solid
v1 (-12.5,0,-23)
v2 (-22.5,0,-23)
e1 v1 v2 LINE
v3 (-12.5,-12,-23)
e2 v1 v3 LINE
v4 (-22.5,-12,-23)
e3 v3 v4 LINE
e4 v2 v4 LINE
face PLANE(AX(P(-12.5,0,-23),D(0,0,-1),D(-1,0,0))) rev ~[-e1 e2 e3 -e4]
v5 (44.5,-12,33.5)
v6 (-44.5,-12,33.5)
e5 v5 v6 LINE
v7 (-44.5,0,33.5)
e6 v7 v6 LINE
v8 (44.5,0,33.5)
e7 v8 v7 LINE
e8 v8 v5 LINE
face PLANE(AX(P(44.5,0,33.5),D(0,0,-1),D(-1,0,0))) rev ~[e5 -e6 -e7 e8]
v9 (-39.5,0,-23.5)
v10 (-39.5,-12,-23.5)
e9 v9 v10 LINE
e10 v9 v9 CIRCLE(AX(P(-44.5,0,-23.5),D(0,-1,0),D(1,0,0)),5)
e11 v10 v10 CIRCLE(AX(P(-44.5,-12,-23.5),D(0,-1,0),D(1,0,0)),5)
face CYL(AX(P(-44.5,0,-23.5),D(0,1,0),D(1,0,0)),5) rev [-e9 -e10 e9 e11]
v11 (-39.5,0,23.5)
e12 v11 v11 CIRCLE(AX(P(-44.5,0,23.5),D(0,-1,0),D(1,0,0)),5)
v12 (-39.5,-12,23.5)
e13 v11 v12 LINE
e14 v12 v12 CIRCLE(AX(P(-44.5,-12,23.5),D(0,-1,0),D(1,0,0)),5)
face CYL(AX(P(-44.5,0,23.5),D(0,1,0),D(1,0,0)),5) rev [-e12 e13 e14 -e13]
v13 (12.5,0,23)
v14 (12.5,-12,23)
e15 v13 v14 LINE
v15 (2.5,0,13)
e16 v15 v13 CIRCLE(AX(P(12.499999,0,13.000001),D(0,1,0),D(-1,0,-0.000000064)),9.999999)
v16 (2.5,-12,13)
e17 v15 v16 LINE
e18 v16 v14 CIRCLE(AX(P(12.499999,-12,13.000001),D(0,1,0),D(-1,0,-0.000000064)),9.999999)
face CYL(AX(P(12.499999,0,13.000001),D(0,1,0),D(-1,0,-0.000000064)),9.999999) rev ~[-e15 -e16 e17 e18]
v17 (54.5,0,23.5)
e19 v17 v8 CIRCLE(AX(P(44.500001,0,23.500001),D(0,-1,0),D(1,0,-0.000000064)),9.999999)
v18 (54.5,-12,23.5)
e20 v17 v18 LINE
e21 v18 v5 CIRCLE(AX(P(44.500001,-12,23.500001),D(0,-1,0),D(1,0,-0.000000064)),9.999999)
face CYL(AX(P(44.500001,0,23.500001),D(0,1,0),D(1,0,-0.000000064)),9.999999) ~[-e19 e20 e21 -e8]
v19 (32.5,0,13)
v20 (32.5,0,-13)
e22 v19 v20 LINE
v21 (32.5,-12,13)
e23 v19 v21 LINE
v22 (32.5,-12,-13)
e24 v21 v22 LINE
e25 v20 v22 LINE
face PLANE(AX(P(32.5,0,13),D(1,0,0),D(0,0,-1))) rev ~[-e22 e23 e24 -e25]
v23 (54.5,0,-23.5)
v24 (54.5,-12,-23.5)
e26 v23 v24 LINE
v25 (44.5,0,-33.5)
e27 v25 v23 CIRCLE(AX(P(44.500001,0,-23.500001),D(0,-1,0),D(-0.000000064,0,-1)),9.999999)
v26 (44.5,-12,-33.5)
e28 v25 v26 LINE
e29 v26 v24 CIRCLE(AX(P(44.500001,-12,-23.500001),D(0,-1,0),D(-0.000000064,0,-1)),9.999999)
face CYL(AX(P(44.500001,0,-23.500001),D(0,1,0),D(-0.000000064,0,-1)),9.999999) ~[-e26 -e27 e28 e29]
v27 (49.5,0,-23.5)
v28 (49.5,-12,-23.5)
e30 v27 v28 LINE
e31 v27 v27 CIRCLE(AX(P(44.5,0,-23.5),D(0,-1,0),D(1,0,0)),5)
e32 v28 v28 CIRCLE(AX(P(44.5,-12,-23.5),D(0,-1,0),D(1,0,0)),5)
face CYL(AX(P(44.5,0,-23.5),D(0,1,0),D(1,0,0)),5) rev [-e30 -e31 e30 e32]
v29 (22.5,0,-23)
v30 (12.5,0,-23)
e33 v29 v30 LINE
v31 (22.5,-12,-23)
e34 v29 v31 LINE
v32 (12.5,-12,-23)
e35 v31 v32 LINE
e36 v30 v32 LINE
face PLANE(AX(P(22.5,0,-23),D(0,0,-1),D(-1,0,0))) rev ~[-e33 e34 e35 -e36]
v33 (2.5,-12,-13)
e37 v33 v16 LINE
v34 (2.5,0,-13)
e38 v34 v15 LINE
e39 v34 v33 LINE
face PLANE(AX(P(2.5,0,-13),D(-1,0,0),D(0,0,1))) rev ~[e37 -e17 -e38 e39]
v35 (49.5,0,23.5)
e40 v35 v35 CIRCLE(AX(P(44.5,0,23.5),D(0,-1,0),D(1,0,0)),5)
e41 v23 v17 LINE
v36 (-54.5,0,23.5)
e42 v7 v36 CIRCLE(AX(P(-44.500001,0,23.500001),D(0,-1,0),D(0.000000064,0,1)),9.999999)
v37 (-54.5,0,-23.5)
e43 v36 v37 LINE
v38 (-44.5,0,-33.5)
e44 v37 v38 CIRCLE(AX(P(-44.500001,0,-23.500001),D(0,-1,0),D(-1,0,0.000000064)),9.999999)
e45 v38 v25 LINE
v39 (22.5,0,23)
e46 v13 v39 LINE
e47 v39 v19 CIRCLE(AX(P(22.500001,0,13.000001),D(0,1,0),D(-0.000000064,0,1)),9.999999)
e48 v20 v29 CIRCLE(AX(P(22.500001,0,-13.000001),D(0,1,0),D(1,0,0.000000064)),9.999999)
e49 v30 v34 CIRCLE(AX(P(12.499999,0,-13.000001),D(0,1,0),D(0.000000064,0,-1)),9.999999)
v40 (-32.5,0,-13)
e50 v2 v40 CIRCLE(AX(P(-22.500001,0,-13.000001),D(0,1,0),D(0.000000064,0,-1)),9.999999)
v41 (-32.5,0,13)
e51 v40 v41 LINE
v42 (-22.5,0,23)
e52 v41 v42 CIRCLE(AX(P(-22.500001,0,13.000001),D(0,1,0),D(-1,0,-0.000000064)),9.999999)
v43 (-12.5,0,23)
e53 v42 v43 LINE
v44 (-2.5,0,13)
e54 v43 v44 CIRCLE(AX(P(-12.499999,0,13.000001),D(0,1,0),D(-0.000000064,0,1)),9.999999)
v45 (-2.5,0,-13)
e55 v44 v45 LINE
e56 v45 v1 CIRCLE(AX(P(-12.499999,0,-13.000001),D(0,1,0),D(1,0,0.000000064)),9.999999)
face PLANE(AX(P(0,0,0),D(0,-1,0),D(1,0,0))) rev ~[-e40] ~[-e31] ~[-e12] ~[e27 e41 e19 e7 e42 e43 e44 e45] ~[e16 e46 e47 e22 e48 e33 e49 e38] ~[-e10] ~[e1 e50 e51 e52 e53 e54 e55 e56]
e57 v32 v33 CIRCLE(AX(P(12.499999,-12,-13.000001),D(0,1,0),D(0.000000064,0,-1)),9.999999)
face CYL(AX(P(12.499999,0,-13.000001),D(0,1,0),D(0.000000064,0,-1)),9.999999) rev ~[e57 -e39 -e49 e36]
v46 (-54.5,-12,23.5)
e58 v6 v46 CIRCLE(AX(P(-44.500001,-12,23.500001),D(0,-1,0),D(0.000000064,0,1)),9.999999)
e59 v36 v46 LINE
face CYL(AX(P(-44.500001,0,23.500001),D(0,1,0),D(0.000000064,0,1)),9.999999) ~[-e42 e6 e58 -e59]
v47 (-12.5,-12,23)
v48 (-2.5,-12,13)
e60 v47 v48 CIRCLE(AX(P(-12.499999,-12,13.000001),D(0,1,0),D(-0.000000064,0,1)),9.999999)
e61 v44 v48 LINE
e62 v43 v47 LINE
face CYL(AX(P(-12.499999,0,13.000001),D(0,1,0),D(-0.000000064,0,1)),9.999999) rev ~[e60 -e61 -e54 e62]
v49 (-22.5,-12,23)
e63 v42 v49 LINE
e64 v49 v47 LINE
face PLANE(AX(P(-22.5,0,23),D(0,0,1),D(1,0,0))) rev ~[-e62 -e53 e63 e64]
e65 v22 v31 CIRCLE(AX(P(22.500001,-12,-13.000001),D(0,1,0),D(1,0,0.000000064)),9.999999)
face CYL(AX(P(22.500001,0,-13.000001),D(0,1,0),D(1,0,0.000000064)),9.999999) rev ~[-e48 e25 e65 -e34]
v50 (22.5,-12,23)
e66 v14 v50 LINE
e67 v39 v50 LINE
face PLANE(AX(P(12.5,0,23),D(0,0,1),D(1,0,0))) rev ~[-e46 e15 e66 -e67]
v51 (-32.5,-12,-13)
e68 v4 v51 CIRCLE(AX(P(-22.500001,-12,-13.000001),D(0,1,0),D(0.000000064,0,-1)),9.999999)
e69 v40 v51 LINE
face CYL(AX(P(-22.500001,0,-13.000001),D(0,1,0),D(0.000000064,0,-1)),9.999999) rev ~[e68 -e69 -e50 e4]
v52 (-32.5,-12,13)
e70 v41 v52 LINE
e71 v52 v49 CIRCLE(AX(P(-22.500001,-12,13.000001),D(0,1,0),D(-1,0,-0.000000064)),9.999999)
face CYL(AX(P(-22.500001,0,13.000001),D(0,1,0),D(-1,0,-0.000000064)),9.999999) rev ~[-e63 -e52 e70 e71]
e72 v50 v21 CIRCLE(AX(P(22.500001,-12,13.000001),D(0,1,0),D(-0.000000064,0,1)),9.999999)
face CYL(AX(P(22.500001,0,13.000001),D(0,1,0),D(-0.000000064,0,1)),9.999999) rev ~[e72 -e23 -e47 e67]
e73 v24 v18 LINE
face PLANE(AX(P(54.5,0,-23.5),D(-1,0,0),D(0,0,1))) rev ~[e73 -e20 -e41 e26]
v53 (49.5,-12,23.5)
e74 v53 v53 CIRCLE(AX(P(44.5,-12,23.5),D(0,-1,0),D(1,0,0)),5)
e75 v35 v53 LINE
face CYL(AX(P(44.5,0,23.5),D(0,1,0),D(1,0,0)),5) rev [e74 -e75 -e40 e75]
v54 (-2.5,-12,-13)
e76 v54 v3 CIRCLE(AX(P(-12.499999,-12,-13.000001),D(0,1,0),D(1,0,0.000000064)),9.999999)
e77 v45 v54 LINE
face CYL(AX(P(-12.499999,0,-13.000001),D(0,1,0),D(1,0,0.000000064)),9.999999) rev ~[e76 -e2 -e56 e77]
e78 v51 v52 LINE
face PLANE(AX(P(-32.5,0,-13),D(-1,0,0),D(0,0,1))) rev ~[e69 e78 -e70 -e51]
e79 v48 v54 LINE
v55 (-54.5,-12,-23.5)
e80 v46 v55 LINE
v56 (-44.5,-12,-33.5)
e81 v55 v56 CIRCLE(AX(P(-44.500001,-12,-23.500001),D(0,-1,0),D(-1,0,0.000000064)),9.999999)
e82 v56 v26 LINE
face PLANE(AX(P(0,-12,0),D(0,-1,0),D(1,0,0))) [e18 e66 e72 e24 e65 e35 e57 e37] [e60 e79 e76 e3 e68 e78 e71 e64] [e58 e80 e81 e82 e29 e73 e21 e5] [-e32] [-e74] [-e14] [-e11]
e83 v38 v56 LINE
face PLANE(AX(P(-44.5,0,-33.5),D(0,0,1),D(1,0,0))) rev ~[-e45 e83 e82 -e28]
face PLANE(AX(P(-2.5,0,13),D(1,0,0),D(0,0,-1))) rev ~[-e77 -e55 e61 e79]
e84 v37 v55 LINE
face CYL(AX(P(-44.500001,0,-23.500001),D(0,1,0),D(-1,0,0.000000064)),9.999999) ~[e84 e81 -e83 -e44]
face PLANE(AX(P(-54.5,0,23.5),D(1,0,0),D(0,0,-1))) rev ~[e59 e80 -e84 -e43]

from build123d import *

# Parameters (mm, degrees)
F0_R     = 5
F1_DEPTH = 12


with BuildPart() as f1:
    # F0 (on Front) → F1 (new body)
    with BuildSketch(Plane.XZ):
        with BuildLine():
            Line((44.5, 33.5), (-44.5, 33.5))
            ThreePointArc((-44.5, 33.5), (-51.571068, 30.571068), (-54.5, 23.5))
            Line((-54.5, 23.5), (-54.5, -23.5))
            ThreePointArc((-54.5, -23.5), (-51.571068, -30.571068), (-44.5, -33.5))
            Line((-44.5, -33.5), (44.5, -33.5))
            ThreePointArc((44.5, -33.5), (51.571068, -30.571068), (54.5, -23.5))
            Line((54.5, -23.5), (54.5, 23.5))
            ThreePointArc((54.5, 23.5), (51.571068, 30.571068), (44.5, 33.5))
        make_face()
        with Locations((-44.5, -23.5)):
            Circle(F0_R, mode=Mode.SUBTRACT)
        with Locations((44.5, -23.5)):
            Circle(F0_R, mode=Mode.SUBTRACT)
        with BuildLine():
            Line((-2.5, 13), (-2.5, 0))
            Line((-2.5, 0), (-2.5, -13))
            ThreePointArc((-2.5, -13), (-5.428932, -20.071068), (-12.5, -23))
            Line((-12.5, -23), (-22.5, -23))
            ThreePointArc((-22.5, -23), (-29.571068, -20.071068), (-32.5, -13))
            Line((-32.5, -13), (-32.5, 0))
            Line((-32.5, 0), (-32.5, 13))
            ThreePointArc((-32.5, 13), (-29.571068, 20.071068), (-22.5, 23))
            Line((-22.5, 23), (-12.5, 23))
            ThreePointArc((-12.5, 23), (-5.428932, 20.071068), (-2.5, 13))
        make_face(mode=Mode.SUBTRACT)
        with Locations((-44.5, 23.5)):
            Circle(F0_R, mode=Mode.SUBTRACT)
        with BuildLine():
            ThreePointArc((22.5, 23), (29.571068, 20.071068), (32.5, 13))
            Line((32.5, 13), (32.5, -13))
            ThreePointArc((32.5, -13), (29.571068, -20.071068), (22.5, -23))
            Line((22.5, -23), (12.5, -23))
            ThreePointArc((12.5, -23), (5.428932, -20.071068), (2.5, -13))
            Line((2.5, -13), (2.5, 0))
            Line((2.5, 0), (2.5, 13))
            ThreePointArc((2.5, 13), (5.428932, 20.071068), (12.5, 23))
            Line((12.5, 23), (22.5, 23))
        make_face(mode=Mode.SUBTRACT)
        with Locations((44.5, 23.5)):
            Circle(F0_R, mode=Mode.SUBTRACT)
    extrude(amount=F1_DEPTH)


solid = f1.part
